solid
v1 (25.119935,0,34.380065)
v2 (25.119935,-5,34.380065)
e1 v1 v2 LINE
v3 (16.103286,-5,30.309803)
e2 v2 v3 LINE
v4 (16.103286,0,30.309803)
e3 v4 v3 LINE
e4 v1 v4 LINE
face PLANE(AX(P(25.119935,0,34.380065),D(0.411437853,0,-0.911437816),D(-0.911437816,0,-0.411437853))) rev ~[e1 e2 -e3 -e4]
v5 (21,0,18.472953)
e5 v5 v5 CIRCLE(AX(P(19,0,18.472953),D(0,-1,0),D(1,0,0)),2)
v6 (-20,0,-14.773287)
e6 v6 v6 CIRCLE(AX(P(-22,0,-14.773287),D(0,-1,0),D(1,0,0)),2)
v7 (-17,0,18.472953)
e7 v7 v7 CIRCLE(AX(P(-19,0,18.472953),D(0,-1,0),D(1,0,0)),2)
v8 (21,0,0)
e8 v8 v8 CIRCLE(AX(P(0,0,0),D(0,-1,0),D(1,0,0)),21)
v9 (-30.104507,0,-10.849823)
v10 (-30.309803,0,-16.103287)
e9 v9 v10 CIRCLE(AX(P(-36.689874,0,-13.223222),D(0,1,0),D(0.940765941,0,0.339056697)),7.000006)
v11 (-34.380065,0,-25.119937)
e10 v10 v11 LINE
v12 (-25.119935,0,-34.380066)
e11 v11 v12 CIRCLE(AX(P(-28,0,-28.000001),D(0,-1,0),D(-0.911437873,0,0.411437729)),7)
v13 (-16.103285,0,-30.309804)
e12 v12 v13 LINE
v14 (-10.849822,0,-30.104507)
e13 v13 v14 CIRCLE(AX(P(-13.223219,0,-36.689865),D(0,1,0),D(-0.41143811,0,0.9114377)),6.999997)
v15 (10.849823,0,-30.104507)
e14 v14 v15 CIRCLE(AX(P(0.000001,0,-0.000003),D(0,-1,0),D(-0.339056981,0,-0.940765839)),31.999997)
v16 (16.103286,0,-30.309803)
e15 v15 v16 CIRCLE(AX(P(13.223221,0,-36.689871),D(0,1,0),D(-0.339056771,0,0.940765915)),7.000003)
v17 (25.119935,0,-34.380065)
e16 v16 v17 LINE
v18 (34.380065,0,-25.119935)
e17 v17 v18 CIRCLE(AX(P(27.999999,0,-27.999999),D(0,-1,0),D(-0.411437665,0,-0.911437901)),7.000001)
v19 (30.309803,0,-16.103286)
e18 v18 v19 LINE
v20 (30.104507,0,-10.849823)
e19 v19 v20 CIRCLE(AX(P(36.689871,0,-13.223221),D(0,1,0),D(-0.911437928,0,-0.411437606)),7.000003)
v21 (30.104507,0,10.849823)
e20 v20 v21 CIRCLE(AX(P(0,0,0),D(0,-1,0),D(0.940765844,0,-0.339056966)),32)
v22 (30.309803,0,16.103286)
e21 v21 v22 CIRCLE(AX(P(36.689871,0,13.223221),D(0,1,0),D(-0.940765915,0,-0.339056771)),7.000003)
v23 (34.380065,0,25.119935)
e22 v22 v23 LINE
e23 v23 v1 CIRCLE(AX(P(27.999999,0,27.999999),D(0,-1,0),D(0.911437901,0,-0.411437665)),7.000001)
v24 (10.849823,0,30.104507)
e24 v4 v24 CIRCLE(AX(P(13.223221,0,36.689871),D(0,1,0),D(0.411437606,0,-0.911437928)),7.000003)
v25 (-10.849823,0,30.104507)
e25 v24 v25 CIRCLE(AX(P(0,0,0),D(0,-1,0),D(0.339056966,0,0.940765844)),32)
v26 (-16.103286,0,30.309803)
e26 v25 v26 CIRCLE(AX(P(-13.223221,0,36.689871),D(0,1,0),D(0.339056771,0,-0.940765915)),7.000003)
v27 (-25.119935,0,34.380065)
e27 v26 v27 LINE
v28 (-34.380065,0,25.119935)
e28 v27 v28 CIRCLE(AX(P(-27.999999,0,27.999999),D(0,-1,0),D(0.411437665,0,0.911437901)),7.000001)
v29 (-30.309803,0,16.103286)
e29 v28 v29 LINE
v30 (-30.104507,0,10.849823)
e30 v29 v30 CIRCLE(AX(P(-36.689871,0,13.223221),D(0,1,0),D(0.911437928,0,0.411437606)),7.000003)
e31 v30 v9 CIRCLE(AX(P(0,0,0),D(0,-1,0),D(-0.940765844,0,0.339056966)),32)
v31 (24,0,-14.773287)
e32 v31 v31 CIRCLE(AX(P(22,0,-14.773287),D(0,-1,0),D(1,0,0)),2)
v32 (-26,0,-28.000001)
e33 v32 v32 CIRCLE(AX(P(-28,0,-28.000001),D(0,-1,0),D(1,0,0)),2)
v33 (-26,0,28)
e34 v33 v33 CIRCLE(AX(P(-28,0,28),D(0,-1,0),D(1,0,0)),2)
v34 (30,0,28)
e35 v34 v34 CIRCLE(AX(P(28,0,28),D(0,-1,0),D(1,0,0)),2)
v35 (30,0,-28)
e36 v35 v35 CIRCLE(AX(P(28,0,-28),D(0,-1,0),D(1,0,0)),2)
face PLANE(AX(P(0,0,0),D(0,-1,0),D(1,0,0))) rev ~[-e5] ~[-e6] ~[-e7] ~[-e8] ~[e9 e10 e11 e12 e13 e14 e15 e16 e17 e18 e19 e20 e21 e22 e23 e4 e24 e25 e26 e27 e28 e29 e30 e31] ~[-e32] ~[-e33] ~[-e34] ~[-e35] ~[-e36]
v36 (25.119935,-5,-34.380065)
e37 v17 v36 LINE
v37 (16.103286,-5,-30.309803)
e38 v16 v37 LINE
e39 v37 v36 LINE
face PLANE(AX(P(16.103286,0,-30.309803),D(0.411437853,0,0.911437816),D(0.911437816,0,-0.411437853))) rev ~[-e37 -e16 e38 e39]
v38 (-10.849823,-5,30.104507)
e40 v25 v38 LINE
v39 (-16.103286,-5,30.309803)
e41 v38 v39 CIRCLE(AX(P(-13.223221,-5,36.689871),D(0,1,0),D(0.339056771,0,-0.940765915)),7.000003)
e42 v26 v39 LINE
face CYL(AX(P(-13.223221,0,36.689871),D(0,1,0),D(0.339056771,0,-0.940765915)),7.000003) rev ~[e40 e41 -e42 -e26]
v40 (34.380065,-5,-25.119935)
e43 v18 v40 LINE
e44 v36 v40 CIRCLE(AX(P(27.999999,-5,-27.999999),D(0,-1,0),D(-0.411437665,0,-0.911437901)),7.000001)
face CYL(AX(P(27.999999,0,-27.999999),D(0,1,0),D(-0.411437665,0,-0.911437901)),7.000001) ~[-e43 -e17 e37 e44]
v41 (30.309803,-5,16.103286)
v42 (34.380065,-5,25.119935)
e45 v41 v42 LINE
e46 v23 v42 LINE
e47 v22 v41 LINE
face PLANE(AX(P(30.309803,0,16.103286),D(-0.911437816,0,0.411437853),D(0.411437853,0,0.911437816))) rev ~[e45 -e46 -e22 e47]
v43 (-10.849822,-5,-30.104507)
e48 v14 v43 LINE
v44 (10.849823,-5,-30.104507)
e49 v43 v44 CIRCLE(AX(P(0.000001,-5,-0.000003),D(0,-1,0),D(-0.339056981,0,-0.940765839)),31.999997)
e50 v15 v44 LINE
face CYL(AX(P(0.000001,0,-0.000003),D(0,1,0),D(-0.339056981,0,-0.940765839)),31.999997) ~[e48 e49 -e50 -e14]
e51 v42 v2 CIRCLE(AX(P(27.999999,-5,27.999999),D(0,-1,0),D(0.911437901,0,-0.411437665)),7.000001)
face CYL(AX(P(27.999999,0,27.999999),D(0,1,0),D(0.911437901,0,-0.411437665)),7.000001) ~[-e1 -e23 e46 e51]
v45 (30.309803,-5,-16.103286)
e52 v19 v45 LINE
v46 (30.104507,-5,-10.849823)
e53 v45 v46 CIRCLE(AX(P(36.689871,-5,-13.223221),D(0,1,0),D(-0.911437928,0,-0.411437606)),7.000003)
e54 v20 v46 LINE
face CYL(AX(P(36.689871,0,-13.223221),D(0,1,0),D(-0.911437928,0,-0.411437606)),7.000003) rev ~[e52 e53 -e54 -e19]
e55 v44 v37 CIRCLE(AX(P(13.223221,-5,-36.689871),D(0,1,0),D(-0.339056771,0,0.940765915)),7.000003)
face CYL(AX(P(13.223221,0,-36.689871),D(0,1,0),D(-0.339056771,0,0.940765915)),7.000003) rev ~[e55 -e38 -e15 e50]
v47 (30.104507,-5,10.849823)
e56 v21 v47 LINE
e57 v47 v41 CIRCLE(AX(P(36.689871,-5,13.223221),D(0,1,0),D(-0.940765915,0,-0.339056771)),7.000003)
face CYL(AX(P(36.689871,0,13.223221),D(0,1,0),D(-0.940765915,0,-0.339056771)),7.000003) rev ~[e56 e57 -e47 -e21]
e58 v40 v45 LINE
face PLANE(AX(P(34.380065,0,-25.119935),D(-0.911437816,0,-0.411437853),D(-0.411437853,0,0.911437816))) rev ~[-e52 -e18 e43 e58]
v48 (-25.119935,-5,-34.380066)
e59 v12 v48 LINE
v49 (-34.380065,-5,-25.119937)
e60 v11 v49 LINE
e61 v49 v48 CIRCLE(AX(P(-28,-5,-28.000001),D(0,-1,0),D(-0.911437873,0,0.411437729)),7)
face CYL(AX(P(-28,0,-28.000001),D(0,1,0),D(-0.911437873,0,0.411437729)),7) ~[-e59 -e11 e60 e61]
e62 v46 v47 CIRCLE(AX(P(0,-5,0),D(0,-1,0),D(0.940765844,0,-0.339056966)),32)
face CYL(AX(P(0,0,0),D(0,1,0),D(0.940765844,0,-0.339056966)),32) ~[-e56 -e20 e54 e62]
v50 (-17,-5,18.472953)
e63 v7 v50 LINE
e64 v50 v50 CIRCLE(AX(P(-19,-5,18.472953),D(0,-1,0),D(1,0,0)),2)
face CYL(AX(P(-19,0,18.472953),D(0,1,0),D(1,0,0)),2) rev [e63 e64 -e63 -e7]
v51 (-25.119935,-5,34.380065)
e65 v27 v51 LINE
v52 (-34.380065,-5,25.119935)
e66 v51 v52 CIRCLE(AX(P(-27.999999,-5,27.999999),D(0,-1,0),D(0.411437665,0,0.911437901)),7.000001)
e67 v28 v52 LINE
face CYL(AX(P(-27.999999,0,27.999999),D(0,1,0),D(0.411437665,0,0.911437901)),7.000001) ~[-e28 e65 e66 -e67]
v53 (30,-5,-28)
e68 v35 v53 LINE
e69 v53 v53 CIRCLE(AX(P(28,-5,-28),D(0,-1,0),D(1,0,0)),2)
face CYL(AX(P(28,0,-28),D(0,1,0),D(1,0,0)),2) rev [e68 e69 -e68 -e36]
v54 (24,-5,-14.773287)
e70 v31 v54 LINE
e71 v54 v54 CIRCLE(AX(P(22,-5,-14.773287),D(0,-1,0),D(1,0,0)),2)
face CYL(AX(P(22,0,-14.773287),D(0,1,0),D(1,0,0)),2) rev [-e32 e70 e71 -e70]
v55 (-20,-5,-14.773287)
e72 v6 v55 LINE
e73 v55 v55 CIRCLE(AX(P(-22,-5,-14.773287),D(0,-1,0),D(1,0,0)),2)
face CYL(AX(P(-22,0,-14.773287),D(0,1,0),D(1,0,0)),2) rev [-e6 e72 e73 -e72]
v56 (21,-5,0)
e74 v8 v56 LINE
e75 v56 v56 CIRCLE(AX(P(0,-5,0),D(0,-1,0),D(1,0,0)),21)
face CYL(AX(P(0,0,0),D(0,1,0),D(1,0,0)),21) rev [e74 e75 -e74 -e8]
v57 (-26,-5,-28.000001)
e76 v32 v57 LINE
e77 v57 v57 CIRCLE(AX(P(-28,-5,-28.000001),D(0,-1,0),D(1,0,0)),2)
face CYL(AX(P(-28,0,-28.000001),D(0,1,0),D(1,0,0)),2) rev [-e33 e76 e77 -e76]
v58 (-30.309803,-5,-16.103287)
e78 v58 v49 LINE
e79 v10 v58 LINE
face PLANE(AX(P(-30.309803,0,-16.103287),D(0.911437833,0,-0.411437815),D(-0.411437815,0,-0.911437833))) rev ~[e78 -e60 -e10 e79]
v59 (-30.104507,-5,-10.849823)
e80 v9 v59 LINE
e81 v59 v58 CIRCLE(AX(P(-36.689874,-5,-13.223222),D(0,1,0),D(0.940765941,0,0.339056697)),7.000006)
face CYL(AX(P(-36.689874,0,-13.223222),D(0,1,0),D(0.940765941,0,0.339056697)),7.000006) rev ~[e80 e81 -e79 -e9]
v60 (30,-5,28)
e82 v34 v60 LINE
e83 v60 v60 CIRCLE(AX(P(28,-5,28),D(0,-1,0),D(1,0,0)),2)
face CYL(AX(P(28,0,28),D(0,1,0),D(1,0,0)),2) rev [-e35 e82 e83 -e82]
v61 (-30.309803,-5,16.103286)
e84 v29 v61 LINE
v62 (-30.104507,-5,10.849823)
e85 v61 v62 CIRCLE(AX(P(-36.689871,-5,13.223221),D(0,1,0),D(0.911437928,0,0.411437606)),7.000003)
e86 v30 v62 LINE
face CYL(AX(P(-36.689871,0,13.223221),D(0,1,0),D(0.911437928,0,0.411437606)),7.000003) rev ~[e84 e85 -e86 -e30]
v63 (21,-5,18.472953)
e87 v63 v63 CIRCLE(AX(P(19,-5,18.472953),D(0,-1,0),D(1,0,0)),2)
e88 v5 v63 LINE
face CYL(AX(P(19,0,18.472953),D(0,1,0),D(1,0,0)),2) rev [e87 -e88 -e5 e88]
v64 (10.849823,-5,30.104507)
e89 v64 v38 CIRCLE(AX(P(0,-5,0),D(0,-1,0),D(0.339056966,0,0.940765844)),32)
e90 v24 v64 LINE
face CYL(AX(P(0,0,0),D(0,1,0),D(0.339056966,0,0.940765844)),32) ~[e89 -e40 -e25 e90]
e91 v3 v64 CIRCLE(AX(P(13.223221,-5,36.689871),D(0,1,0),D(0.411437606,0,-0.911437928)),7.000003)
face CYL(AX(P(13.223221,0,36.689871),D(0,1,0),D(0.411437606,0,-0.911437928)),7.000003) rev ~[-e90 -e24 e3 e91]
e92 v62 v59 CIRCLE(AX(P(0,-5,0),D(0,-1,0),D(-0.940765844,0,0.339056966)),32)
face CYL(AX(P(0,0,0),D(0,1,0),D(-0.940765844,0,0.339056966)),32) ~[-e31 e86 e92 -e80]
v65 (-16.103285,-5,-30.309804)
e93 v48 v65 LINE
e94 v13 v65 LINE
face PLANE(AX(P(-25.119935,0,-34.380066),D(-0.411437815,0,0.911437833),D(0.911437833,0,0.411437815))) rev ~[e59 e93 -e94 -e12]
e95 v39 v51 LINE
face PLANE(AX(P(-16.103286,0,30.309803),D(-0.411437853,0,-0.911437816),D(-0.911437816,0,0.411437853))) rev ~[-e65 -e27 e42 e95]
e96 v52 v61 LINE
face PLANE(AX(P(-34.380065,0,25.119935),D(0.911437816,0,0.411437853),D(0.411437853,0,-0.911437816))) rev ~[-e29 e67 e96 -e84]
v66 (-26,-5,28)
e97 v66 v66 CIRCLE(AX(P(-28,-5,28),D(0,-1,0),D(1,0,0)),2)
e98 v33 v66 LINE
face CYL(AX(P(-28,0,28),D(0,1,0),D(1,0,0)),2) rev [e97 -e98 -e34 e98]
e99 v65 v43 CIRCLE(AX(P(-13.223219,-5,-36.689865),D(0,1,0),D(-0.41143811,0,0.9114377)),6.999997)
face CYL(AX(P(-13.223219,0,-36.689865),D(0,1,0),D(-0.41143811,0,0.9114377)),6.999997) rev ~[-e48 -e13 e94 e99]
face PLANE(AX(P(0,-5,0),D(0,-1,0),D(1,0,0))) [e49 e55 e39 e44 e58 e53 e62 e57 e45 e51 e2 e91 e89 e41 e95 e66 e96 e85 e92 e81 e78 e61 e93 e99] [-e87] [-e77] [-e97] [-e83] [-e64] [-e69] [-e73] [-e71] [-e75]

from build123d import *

# Parameters (mm, degrees)
F0_R     = 2
F0_R_2   = 21
F1_DEPTH = 5


with BuildPart() as f1:
    # F0 (on Front) → F1 (new body)
    with BuildSketch(Plane.XZ):
        with BuildLine():
            ThreePointArc((-25.119935, 34.380065), (-32.949747, 32.949747), (-34.380065, 25.119935))
            Line((-34.380065, 25.119935), (-30.309803, 16.103286))
            ThreePointArc((-30.309803, 16.103286), (-29.695207, 13.496561), (-30.104507, 10.849823))
            ThreePointArc((-30.104507, 10.849823), (-32, 0), (-30.104507, -10.849823))
            ThreePointArc((-30.104507, -10.849823), (-29.695207, -13.496561), (-30.309803, -16.103287))
            Line((-30.309803, -16.103287), (-34.380065, -25.119937))
            ThreePointArc((-34.380065, -25.119937), (-32.949747, -32.949749), (-25.119935, -34.380066))
            Line((-25.119935, -34.380066), (-16.103285, -30.309804))
            ThreePointArc((-16.103285, -30.309804), (-13.49656, -29.695207), (-10.849822, -30.104507))
            ThreePointArc((-10.849822, -30.104507), (1e-06, -32), (10.849823, -30.104507))
            ThreePointArc((10.849823, -30.104507), (13.496561, -29.695207), (16.103286, -30.309803))
            Line((16.103286, -30.309803), (25.119935, -34.380065))
            ThreePointArc((25.119935, -34.380065), (32.949747, -32.949747), (34.380065, -25.119935))
            Line((34.380065, -25.119935), (30.309803, -16.103286))
            ThreePointArc((30.309803, -16.103286), (29.695207, -13.496561), (30.104507, -10.849823))
            ThreePointArc((30.104507, -10.849823), (32, 0), (30.104507, 10.849823))
            ThreePointArc((30.104507, 10.849823), (29.695207, 13.496561), (30.309803, 16.103286))
            Line((30.309803, 16.103286), (34.380065, 25.119935))
            ThreePointArc((34.380065, 25.119935), (32.949747, 32.949747), (25.119935, 34.380065))
            Line((25.119935, 34.380065), (16.103286, 30.309803))
            ThreePointArc((16.103286, 30.309803), (13.496561, 29.695207), (10.849823, 30.104507))
            ThreePointArc((10.849823, 30.104507), (0, 32), (-10.849823, 30.104507))
            ThreePointArc((-10.849823, 30.104507), (-13.496561, 29.695207), (-16.103286, 30.309803))
            Line((-16.103286, 30.309803), (-25.119935, 34.380065))
        make_face()
        with Locations((-28, -28.000001)):
            Circle(F0_R, mode=Mode.SUBTRACT)
        with Locations((-22, -14.773287)):
            Circle(F0_R, mode=Mode.SUBTRACT)
        with Locations((28, -28)):
            Circle(F0_R, mode=Mode.SUBTRACT)
        with Locations((22, -14.773287)):
            Circle(F0_R, mode=Mode.SUBTRACT)
        with Locations((-19, 18.472953)):
            Circle(F0_R, mode=Mode.SUBTRACT)
        with Locations((-28, 28)):
            Circle(F0_R, mode=Mode.SUBTRACT)
        Circle(F0_R_2, mode=Mode.SUBTRACT)
        with Locations((19, 18.472953)):
            Circle(F0_R, mode=Mode.SUBTRACT)
        with Locations((28, 28)):
            Circle(F0_R, mode=Mode.SUBTRACT)
    extrude(amount=F1_DEPTH)


solid = f1.part
